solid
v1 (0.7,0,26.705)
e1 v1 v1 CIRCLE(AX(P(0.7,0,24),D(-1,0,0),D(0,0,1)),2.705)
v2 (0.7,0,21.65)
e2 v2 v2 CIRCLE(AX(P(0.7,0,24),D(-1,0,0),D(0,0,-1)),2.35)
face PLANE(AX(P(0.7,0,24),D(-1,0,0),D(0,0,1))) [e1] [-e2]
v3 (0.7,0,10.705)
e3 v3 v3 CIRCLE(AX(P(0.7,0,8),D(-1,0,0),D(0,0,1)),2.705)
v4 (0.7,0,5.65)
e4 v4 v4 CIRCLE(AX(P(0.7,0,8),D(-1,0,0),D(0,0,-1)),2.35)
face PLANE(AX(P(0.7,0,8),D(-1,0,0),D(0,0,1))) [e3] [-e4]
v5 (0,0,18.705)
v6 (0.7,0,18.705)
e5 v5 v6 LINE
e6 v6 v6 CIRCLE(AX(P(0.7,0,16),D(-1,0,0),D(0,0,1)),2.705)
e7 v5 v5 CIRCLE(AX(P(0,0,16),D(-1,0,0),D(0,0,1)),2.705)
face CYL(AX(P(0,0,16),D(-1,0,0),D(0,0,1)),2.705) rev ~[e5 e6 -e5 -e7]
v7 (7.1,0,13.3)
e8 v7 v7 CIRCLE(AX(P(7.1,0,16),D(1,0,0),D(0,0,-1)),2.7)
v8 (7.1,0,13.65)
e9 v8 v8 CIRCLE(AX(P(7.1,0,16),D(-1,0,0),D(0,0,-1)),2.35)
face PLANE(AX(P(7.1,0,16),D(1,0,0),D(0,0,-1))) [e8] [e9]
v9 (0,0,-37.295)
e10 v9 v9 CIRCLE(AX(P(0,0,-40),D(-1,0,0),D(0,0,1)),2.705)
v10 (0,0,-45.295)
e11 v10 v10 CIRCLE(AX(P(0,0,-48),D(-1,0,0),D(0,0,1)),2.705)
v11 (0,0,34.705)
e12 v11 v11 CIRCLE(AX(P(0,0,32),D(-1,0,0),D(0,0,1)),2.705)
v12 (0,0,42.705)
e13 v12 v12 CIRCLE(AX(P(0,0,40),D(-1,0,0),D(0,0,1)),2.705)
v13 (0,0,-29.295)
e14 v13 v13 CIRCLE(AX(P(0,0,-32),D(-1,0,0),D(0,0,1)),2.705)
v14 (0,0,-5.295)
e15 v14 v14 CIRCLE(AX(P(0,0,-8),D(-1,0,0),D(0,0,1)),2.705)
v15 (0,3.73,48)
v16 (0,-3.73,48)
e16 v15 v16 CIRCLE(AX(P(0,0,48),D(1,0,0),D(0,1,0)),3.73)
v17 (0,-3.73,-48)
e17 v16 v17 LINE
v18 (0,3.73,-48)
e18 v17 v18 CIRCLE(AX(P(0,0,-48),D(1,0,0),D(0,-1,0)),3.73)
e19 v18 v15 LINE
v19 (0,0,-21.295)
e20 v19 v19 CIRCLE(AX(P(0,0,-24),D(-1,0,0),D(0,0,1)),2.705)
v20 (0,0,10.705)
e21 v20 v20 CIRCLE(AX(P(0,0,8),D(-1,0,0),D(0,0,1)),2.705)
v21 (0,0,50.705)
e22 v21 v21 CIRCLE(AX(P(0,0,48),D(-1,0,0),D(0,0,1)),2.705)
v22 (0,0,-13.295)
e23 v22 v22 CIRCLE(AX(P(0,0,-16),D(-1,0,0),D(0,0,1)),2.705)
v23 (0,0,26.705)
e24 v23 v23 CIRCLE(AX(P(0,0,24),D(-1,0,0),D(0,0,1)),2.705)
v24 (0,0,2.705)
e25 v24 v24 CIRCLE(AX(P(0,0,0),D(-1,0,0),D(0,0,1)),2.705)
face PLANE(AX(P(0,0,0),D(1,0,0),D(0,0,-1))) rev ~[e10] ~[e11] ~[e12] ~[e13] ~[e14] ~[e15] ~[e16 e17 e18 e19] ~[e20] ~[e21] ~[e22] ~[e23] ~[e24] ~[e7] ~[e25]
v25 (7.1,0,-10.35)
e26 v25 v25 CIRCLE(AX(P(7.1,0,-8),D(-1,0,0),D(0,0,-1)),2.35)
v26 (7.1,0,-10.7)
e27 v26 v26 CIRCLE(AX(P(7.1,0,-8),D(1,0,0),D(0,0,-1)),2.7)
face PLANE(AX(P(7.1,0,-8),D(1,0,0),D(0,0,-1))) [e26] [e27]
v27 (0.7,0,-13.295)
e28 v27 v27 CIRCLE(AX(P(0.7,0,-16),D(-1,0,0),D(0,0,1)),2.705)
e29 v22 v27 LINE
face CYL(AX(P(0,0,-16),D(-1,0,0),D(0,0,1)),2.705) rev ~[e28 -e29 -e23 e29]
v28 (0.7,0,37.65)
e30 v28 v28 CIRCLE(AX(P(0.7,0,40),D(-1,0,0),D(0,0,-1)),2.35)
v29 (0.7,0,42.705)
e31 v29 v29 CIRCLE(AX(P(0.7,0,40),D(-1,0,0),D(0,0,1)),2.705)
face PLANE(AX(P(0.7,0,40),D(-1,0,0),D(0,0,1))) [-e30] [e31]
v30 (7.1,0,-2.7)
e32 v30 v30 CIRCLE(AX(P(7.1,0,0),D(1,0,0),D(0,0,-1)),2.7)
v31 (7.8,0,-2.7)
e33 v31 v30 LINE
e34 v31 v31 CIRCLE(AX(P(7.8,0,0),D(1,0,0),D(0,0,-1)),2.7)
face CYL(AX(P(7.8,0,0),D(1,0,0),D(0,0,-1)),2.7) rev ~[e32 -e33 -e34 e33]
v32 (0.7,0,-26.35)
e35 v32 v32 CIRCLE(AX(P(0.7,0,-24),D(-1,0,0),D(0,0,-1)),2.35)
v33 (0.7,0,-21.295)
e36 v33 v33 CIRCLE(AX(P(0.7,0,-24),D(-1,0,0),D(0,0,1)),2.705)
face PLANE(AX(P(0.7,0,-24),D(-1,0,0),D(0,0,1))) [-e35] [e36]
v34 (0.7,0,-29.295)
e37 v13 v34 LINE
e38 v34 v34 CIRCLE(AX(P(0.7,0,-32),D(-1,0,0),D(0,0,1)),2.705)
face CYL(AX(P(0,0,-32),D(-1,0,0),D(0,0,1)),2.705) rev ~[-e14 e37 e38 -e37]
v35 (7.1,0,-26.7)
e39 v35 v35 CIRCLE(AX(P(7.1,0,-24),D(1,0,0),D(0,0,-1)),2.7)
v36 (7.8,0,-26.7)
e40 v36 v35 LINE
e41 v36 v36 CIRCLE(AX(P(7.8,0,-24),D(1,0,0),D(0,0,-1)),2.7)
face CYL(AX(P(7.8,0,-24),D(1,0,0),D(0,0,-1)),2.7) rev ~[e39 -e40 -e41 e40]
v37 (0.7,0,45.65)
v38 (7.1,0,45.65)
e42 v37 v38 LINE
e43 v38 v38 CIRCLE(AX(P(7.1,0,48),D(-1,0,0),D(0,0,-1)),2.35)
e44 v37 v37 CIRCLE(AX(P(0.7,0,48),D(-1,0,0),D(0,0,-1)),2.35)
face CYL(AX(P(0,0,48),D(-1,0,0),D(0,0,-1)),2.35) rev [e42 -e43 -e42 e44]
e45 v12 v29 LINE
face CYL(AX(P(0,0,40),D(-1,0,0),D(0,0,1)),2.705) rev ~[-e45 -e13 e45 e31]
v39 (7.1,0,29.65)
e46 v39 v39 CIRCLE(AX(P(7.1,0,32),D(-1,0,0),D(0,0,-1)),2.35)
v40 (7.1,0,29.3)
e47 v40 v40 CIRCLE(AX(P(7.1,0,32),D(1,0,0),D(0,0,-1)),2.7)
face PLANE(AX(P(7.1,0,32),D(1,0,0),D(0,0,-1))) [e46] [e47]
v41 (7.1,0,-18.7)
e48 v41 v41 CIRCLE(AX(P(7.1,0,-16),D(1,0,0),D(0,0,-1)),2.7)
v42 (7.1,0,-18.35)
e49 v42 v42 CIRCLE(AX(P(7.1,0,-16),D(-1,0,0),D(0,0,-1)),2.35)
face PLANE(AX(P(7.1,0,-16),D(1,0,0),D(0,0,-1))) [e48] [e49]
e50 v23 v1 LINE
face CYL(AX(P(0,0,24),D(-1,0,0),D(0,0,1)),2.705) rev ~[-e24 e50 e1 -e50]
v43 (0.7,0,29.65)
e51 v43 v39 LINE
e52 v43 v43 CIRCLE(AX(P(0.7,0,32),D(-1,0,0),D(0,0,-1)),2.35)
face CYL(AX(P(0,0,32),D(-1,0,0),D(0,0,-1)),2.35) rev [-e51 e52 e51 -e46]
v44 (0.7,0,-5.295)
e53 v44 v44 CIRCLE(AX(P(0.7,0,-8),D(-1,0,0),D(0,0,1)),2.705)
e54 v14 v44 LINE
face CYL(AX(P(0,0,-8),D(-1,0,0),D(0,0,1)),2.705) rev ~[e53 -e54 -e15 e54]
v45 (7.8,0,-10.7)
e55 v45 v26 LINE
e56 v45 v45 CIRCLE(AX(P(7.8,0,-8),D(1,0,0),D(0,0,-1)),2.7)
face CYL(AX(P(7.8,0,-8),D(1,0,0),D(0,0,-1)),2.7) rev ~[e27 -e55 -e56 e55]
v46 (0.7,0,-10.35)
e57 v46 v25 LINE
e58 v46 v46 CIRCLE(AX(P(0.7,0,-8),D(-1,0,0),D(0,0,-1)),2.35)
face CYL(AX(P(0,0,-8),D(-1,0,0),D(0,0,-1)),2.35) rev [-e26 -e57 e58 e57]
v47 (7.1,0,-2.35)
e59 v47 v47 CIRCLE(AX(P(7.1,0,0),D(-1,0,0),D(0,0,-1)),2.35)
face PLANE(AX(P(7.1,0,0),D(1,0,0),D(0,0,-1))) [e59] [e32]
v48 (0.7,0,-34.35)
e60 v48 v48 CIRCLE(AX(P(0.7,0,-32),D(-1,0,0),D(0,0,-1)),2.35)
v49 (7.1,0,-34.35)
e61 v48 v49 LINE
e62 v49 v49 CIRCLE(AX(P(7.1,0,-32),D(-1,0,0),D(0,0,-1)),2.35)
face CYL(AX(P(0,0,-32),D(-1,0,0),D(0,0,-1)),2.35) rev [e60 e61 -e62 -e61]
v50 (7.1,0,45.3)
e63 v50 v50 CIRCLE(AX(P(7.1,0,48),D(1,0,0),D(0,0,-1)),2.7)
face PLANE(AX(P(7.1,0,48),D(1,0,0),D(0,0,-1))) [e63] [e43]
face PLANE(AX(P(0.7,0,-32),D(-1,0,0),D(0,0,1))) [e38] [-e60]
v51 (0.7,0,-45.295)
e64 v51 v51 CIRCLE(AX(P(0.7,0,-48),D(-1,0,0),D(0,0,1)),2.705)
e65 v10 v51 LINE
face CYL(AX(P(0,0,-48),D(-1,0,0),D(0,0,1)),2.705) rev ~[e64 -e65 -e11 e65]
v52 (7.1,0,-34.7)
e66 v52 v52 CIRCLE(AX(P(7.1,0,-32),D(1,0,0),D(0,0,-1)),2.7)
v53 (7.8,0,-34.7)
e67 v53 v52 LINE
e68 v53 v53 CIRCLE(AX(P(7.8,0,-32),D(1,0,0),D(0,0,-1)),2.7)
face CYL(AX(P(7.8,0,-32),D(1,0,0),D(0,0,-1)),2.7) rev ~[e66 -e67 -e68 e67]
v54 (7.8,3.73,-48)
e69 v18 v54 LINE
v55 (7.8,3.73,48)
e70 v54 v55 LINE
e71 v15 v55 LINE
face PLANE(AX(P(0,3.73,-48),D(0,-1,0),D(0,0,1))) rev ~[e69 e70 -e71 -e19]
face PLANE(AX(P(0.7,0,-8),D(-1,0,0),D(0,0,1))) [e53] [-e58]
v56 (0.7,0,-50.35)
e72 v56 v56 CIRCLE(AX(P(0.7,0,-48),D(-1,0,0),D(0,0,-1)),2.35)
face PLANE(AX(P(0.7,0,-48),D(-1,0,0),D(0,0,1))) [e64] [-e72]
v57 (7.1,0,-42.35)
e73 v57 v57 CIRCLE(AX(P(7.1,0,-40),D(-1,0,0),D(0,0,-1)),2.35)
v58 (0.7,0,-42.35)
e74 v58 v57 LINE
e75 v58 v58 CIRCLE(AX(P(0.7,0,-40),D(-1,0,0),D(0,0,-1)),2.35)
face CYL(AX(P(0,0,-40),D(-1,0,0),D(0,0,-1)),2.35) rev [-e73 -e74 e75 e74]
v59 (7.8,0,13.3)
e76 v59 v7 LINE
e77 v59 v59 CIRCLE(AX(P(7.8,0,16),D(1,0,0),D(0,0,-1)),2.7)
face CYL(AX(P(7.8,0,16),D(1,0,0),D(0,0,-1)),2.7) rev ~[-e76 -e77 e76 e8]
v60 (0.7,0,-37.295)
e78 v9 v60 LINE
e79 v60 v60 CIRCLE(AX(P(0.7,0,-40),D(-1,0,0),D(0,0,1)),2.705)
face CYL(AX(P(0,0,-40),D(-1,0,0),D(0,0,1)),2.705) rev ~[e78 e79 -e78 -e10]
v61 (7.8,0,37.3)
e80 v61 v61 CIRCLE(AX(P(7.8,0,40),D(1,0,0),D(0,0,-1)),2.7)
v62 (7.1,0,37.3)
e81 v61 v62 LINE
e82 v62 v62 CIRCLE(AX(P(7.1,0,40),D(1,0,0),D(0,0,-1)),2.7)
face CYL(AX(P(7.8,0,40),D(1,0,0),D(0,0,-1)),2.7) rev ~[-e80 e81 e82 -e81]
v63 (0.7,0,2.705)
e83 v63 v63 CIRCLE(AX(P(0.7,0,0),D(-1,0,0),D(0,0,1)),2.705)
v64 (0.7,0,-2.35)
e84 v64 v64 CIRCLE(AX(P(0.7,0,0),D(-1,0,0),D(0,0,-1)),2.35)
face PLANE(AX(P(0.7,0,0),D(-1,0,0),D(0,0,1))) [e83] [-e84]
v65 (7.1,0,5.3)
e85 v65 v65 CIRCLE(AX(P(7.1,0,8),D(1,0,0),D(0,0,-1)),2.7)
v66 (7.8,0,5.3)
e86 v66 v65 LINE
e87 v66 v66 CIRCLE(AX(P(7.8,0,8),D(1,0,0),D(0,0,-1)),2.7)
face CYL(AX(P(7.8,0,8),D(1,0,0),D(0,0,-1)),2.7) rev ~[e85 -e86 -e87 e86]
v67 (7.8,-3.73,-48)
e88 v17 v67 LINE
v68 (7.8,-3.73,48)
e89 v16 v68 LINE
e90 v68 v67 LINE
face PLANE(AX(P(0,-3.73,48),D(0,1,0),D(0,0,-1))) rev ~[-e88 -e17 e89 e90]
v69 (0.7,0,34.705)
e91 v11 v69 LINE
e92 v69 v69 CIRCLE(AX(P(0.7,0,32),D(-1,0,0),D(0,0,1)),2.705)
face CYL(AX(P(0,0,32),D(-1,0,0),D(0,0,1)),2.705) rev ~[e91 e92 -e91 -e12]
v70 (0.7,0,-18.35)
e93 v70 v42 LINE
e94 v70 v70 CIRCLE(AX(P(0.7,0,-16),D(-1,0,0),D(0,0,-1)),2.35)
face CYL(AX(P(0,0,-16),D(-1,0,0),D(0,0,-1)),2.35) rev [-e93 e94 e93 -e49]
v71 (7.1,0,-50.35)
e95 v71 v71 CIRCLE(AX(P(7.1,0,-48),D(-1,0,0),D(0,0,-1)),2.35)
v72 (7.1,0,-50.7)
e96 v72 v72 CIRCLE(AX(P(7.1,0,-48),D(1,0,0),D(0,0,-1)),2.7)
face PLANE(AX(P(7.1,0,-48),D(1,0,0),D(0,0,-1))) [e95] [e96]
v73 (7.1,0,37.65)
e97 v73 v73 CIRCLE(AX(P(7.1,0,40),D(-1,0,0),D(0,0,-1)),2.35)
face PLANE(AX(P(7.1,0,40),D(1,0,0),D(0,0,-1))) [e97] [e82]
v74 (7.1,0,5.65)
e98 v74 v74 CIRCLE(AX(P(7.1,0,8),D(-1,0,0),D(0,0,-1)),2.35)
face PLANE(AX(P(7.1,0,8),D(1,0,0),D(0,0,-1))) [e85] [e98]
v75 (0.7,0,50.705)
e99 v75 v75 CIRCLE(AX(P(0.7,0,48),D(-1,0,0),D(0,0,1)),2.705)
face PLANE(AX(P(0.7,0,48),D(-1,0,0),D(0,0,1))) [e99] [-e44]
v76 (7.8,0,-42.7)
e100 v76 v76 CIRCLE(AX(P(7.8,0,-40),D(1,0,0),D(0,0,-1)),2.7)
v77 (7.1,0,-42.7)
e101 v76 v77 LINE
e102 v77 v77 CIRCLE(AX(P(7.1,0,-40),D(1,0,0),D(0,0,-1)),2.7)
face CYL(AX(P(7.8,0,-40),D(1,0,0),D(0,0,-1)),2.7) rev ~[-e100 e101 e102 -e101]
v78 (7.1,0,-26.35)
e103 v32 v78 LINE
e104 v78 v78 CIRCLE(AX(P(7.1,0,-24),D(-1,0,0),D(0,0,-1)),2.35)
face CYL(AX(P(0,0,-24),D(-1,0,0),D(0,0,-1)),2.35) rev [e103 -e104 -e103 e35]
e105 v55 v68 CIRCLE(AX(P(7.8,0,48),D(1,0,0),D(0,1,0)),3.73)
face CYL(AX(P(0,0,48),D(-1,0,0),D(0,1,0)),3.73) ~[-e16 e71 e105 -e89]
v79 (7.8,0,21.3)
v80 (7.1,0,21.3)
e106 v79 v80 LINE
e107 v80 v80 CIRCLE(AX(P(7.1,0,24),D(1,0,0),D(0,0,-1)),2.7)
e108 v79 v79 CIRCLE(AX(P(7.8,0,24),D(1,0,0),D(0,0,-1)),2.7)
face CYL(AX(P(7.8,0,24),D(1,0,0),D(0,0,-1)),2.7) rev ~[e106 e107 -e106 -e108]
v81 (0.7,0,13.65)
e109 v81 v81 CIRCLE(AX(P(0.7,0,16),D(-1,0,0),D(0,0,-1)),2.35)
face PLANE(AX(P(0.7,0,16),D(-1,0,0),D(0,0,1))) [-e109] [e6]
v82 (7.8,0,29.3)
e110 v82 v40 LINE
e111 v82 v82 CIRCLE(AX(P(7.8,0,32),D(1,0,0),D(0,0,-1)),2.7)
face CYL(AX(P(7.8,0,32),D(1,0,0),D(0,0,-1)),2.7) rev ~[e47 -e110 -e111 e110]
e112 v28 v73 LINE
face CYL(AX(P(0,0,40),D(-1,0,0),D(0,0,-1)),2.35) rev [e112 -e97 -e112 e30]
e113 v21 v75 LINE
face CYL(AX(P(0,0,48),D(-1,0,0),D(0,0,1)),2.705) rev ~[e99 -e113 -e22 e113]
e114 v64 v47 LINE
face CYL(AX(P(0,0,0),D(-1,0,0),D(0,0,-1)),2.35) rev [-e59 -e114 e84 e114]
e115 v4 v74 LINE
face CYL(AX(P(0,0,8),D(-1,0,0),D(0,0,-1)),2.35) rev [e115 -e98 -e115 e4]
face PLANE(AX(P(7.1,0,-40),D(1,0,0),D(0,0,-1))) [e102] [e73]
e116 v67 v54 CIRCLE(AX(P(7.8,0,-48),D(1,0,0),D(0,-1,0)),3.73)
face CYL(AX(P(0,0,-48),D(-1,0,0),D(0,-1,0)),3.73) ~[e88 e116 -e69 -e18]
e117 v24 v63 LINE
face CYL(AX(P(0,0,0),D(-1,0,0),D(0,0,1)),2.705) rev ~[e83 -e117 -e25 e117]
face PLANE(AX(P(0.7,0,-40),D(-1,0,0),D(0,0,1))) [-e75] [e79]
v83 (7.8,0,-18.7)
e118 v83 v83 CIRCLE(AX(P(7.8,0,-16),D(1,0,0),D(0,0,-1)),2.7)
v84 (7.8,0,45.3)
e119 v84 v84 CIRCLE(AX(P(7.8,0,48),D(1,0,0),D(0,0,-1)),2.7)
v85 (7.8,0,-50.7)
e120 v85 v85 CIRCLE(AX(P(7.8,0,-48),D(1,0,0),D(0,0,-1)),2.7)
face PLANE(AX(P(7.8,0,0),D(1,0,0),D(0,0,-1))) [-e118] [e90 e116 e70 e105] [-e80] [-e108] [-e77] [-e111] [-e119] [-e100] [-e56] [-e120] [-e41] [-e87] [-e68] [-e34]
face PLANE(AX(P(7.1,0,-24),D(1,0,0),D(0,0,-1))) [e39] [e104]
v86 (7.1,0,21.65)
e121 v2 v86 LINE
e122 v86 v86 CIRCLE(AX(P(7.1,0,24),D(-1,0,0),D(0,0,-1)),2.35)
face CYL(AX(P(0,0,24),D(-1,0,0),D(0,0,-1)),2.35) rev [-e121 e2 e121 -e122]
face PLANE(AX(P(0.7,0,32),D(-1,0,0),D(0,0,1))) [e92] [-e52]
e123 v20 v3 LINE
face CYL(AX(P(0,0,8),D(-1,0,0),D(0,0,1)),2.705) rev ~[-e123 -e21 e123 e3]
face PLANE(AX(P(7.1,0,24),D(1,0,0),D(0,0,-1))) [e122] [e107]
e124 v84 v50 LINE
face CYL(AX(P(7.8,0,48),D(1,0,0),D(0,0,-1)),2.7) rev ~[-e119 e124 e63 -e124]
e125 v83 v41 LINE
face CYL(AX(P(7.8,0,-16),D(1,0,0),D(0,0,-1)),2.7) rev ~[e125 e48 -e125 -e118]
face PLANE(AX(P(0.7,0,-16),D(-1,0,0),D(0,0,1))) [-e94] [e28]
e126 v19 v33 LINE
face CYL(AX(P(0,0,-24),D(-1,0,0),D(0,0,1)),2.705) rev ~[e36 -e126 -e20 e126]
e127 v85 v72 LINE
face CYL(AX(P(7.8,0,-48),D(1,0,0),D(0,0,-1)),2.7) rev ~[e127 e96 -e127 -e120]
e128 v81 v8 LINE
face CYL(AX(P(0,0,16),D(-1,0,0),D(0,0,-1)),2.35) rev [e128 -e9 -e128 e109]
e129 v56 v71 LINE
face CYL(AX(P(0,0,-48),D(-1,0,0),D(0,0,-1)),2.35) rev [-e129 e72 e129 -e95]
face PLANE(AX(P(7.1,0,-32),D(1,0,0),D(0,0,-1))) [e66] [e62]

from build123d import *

# Parameters (mm, degrees)
SKETCH1_R           = 2.35
BOSS_EXTRUDE1_DEPTH = 7.8
SKETCH2_R           = 2.7
CUT_EXTRUDE1_DEPTH  = 0.7
SKETCH3_R           = 2.705
CUT_EXTRUDE2_DEPTH  = 0.7


with BuildPart() as part:
    # Sketch1 → Boss-Extrude1 (new body)
    with BuildSketch(Plane(origin=(0, 0, 0), x_dir=(0, 0, -1), z_dir=(1, 0, 0))):
        with BuildLine():
            Line((-48, -3.73), (48, -3.73))
            ThreePointArc((48, -3.73), (51.73, 0), (48, 3.73))
            Line((48, 3.73), (-48, 3.73))
            ThreePointArc((-48, 3.73), (-51.73, 0), (-48, -3.73))
        make_face()
        with Locations((-48, 0)):
            Circle(SKETCH1_R, mode=Mode.SUBTRACT)
        with Locations((-40, 0)):
            Circle(SKETCH1_R, mode=Mode.SUBTRACT)
        with Locations((-32, 0)):
            Circle(SKETCH1_R, mode=Mode.SUBTRACT)
        with Locations((-24, 0)):
            Circle(SKETCH1_R, mode=Mode.SUBTRACT)
        with Locations((-16, 0)):
            Circle(SKETCH1_R, mode=Mode.SUBTRACT)
        with Locations((-8, 0)):
            Circle(SKETCH1_R, mode=Mode.SUBTRACT)
        Circle(SKETCH1_R, mode=Mode.SUBTRACT)
        with Locations((8, 0)):
            Circle(SKETCH1_R, mode=Mode.SUBTRACT)
        with Locations((16, 0)):
            Circle(SKETCH1_R, mode=Mode.SUBTRACT)
        with Locations((24, 0)):
            Circle(SKETCH1_R, mode=Mode.SUBTRACT)
        with Locations((32, 0)):
            Circle(SKETCH1_R, mode=Mode.SUBTRACT)
        with Locations((40, 0)):
            Circle(SKETCH1_R, mode=Mode.SUBTRACT)
        with Locations((48, 0)):
            Circle(SKETCH1_R, mode=Mode.SUBTRACT)
    extrude(amount=BOSS_EXTRUDE1_DEPTH)

    # Sketch2 → Cut-Extrude1 (cut)
    with BuildSketch(Plane(origin=(7.8, 0, 0), x_dir=(0, 0, -1), z_dir=(1, 0, 0))):
        with Locations((-48, 0)):
            Circle(SKETCH2_R)
        with Locations((-40, 0)):
            Circle(SKETCH2_R)
        with Locations((-32, 0)):
            Circle(SKETCH2_R)
        with Locations((-24, 0)):
            Circle(SKETCH2_R)
        with Locations((-16, 0)):
            Circle(SKETCH2_R)
        with Locations((-8, 0)):
            Circle(SKETCH2_R)
        Circle(SKETCH2_R)
        with Locations((8, 0)):
            Circle(SKETCH2_R)
        with Locations((16, 0)):
            Circle(SKETCH2_R)
        with Locations((24, 0)):
            Circle(SKETCH2_R)
        with Locations((32, 0)):
            Circle(SKETCH2_R)
        with Locations((40, 0)):
            Circle(SKETCH2_R)
        with Locations((48, 0)):
            Circle(SKETCH2_R)
    extrude(amount=-CUT_EXTRUDE1_DEPTH, mode=Mode.SUBTRACT)

    # Sketch3 → Cut-Extrude2 (cut)
    with BuildSketch(Plane.ZY):
        with Locations((-48, 0)):
            Circle(SKETCH3_R)
        with Locations((-40, 0)):
            Circle(SKETCH3_R)
        with Locations((-32, 0)):
            Circle(SKETCH3_R)
        with Locations((-24, 0)):
            Circle(SKETCH3_R)
        with Locations((-16, 0)):
            Circle(SKETCH3_R)
        with Locations((-8, 0)):
            Circle(SKETCH3_R)
        Circle(SKETCH3_R)
        with Locations((8, 0)):
            Circle(SKETCH3_R)
        with Locations((16, 0)):
            Circle(SKETCH3_R)
        with Locations((24, 0)):
            Circle(SKETCH3_R)
        with Locations((32, 0)):
            Circle(SKETCH3_R)
        with Locations((40, 0)):
            Circle(SKETCH3_R)
        with Locations((48, 0)):
            Circle(SKETCH3_R)
    extrude(amount=-CUT_EXTRUDE2_DEPTH, mode=Mode.SUBTRACT)


solid = part.part
